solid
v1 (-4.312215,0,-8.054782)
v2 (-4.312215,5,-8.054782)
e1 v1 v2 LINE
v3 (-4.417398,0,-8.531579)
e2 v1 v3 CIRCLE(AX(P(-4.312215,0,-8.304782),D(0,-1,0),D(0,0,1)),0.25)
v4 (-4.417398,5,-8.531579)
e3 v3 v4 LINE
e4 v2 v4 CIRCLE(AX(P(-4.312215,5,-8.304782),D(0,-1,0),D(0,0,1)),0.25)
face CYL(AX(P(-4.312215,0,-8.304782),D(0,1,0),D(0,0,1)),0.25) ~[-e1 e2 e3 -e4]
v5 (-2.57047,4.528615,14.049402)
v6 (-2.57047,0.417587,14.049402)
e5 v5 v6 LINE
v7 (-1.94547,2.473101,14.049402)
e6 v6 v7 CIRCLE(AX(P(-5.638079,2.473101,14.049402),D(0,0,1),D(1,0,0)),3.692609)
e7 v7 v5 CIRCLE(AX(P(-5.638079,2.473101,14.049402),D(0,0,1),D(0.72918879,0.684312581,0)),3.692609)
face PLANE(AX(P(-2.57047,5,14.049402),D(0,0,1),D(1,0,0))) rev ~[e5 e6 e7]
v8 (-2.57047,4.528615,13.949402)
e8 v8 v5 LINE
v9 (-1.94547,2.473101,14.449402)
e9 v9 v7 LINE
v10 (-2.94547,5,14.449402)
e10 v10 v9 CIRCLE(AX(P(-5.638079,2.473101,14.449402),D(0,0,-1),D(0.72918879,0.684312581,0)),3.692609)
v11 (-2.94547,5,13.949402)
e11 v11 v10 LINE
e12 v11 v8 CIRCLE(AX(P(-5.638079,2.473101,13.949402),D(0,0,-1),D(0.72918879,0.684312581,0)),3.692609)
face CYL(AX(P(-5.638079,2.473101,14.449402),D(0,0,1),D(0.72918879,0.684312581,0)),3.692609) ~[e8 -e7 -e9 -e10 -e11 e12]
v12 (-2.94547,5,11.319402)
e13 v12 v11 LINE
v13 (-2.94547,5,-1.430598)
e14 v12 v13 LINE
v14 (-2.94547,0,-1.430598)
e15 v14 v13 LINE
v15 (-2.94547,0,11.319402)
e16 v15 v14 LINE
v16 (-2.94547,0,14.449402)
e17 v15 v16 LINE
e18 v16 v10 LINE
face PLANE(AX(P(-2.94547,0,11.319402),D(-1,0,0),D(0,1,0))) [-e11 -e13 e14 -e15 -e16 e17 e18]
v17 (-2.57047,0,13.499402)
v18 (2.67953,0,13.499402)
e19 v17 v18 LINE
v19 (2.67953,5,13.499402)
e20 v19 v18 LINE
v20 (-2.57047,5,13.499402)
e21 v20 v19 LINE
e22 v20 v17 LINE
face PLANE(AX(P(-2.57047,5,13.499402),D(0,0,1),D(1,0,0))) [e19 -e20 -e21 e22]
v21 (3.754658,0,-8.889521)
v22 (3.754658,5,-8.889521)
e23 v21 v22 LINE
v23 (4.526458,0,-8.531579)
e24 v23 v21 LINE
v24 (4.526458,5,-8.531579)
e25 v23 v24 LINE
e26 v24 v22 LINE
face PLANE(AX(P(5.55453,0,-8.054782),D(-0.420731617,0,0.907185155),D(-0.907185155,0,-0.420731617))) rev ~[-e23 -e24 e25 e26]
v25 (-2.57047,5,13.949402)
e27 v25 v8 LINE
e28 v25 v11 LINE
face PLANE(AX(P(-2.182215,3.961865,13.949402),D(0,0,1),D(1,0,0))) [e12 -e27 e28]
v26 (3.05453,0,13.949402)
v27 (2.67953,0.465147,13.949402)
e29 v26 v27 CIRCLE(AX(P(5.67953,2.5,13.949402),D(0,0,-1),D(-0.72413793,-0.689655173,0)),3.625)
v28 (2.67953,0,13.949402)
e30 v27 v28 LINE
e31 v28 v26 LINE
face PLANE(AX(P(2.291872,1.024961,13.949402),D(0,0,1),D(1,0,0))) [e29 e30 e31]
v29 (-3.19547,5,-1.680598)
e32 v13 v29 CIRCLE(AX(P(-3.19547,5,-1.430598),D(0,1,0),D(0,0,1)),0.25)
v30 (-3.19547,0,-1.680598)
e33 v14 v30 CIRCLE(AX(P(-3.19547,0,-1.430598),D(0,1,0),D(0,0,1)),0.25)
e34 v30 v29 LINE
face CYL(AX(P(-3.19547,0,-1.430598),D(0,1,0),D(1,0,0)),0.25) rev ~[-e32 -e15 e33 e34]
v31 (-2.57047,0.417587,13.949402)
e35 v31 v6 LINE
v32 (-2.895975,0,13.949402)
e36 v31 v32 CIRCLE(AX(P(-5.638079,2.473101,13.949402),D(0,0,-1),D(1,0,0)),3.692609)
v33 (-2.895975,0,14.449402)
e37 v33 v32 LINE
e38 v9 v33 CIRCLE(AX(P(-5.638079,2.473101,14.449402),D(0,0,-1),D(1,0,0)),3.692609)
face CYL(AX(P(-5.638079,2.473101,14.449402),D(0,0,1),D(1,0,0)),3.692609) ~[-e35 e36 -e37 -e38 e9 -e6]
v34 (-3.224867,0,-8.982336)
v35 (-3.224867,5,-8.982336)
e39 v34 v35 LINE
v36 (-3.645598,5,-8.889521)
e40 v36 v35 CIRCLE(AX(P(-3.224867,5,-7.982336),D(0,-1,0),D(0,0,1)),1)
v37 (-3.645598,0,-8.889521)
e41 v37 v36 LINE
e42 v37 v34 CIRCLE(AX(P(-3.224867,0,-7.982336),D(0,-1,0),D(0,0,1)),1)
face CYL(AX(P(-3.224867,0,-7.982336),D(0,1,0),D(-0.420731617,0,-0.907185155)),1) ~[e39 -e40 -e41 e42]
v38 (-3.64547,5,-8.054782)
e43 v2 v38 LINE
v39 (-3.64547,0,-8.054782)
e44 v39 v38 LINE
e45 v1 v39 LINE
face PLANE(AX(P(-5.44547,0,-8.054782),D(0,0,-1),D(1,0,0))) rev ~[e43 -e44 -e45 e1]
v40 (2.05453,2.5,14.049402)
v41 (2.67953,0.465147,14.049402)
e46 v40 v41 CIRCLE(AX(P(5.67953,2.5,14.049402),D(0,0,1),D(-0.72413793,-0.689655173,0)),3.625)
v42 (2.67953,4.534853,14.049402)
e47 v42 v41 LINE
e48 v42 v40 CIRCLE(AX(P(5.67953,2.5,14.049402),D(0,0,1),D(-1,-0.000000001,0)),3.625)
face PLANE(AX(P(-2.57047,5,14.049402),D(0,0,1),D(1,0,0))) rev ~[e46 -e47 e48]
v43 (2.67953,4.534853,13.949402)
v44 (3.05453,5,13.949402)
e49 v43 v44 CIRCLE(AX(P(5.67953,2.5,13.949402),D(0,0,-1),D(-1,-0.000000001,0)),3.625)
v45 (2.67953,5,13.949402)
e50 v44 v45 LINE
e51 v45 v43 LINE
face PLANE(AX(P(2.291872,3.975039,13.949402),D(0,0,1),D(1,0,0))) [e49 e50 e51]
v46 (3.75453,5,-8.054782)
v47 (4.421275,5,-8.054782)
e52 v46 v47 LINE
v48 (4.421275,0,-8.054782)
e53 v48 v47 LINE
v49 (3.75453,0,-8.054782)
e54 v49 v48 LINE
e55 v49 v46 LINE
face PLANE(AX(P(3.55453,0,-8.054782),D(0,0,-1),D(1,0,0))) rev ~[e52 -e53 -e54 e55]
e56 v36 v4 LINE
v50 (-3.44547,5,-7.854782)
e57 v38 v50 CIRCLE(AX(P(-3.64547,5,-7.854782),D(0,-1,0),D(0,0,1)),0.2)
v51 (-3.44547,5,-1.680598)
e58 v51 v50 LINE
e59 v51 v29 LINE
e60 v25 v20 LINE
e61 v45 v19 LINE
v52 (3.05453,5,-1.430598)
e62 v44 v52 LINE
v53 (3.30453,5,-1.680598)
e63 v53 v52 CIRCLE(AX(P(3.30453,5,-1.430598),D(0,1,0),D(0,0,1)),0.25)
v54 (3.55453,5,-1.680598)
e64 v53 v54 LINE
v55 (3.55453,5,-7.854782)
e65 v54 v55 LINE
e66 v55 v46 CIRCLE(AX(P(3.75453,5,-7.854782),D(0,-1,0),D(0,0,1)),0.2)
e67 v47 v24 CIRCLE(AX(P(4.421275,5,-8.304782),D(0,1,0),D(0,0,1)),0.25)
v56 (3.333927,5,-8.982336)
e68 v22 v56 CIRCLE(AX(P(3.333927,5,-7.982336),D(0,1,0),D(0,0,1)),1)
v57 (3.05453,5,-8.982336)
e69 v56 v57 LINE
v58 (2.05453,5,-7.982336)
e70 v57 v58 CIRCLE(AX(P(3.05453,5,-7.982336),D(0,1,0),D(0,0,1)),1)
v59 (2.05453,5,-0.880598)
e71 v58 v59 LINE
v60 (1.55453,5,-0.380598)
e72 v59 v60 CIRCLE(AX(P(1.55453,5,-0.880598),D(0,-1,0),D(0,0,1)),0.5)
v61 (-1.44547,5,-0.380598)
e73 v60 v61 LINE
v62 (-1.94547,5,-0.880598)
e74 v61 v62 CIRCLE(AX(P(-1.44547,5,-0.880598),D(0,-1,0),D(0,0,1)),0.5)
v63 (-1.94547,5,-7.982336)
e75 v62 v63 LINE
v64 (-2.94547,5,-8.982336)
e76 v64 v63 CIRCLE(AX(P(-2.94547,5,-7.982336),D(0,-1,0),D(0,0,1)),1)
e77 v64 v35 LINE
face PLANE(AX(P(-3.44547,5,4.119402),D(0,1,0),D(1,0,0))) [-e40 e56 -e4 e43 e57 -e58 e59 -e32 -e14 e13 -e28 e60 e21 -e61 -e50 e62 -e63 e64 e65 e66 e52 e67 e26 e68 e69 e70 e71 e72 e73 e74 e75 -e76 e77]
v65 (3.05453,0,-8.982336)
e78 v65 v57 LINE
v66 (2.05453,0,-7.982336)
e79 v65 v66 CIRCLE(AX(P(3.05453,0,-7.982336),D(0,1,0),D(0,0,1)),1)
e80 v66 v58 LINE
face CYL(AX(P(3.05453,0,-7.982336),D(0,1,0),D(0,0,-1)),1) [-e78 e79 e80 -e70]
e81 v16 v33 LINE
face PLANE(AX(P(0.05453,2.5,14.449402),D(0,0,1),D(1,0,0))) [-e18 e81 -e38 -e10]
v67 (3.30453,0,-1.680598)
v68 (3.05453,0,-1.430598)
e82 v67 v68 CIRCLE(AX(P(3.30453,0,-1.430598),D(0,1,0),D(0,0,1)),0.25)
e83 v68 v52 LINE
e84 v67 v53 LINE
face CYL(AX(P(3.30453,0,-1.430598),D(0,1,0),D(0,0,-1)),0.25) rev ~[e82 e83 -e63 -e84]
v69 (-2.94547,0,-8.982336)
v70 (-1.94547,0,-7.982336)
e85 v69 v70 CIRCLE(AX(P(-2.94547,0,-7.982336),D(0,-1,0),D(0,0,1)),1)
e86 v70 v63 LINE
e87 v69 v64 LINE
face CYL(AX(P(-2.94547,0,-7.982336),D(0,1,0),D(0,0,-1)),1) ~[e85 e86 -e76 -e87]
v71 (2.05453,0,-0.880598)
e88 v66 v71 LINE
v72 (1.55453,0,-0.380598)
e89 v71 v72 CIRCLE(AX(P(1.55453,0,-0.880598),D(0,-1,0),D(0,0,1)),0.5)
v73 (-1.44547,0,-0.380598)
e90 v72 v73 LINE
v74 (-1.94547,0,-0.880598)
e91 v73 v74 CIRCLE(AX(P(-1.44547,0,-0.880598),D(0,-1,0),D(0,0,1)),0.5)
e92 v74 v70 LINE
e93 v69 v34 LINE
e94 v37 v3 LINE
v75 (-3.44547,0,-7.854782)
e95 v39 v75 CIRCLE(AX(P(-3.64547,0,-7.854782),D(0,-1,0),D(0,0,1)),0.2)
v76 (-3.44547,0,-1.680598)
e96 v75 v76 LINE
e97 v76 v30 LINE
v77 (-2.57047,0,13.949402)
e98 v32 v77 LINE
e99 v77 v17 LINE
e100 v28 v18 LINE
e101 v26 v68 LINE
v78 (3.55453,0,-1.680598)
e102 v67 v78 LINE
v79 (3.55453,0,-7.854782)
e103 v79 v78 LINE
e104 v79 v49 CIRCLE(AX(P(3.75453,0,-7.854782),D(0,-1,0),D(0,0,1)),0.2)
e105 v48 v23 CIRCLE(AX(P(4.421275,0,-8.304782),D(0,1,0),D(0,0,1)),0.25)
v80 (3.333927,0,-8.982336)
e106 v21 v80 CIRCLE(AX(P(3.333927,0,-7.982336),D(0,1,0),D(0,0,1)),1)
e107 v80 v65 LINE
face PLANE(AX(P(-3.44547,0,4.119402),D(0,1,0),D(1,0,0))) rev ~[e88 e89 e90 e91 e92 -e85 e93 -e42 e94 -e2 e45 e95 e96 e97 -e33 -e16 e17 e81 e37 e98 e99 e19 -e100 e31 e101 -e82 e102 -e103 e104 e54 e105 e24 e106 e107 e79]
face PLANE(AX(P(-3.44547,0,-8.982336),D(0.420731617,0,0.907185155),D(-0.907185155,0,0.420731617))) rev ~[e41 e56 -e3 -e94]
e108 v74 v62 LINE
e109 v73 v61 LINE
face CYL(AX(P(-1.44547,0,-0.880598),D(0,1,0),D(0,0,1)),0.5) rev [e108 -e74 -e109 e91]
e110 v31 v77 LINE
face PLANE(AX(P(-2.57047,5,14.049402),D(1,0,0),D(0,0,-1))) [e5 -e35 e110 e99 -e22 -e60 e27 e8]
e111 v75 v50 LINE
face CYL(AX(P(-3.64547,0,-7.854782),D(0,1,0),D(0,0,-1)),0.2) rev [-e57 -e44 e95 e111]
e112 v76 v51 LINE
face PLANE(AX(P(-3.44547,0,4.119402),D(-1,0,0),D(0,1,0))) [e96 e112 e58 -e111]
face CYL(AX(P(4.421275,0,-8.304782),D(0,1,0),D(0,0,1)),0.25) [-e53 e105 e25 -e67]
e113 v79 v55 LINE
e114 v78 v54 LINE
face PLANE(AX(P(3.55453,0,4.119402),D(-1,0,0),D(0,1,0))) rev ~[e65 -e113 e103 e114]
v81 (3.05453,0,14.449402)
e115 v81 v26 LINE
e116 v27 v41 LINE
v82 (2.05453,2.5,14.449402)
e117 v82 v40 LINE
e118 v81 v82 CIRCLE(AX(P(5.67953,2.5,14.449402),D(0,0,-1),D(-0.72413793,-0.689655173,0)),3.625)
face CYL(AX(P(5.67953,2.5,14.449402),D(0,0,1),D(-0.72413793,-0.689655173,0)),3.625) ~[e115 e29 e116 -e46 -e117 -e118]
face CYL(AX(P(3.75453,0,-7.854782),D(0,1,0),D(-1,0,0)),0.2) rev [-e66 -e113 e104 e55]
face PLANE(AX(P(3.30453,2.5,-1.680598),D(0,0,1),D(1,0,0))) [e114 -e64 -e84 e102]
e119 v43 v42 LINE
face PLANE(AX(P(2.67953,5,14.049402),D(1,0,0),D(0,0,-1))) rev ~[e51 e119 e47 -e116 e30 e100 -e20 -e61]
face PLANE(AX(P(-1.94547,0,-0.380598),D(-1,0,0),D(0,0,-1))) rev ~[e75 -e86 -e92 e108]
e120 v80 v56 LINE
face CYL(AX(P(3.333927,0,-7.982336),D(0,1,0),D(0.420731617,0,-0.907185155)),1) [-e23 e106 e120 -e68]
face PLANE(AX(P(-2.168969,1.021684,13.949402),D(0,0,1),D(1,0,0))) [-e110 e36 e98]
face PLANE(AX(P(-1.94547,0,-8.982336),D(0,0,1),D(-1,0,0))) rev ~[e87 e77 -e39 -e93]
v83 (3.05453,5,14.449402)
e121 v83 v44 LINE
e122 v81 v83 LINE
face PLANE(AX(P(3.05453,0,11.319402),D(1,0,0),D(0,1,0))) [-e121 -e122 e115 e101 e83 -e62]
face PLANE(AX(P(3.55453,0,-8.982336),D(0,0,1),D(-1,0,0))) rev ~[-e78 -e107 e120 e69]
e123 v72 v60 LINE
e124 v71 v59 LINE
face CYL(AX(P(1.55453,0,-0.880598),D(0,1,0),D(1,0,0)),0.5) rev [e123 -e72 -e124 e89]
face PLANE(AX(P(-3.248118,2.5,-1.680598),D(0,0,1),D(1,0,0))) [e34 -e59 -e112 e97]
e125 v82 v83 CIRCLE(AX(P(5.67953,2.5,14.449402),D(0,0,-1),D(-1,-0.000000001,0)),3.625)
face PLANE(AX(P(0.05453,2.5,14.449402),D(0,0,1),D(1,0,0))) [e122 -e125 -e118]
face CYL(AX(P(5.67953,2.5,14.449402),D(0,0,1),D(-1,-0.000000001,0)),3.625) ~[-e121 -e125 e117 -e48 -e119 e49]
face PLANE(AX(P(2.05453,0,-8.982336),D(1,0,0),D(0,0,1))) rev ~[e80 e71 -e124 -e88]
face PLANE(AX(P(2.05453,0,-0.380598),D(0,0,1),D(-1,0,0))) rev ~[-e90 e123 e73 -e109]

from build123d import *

# Parameters (mm, degrees)
BOSS_EXTRUDE1_DEPTH = 5
FILLET2_R           = 0.2
FILLET3_R           = 1
FILLET6_R           = 0.5
SKETCH3_W           = 7
SKETCH3_H           = 5
BOSS_EXTRUDE2_DEPTH = 7.2
SKETCH4_W           = 6
SKETCH4_H           = 5
BOSS_EXTRUDE3_DEPTH = 3.13
SKETCH5_W           = 5.25
SKETCH5_H           = 0.55
CUT_EXTRUDE1_DEPTH  = 6
FILLET8_R           = 0.25
SKETCH9_W           = 0.605295755
SKETCH9_H           = 5
CUT_EXTRUDE5_DEPTH  = 13
SKETCH10_W          = 0.5
SKETCH10_H          = 5
CUT_EXTRUDE6_DEPTH  = 13
FILLET16_R          = 0.25
SKETCH12_W          = 4
SKETCH12_H          = 5
CUT_EXTRUDE7_DEPTH  = 0.4
CUT_EXTRUDE8_DEPTH  = 0.5


with BuildPart() as part:
    # Sketch2 → Boss-Extrude1 (new body)
    with BuildSketch(Plane(origin=(0, 0, 0), x_dir=(1, 0, 0), z_dir=(0, 1, 0))):
        Polygon((-3.445470037, -4.119402442), (3.554529963, -4.119402442), (3.554529963, 8.054782302), (5.554529963, 8.054782302), (3.554529963, 8.982336318), (2.054529963, 8.982336318), (2.054529963, 0.380597558), (-1.945470037, 0.380597558), (-1.945470037, 8.982336318), (-3.445470037, 8.982336318), (-5.445470037, 8.054782302), (-3.445470037, 8.054782302), align=None)
    extrude(amount=BOSS_EXTRUDE1_DEPTH)

    # Fillet2
    fillet2_edges = [part.edges().sort_by_distance(p)[0] for p in [
        (-3.445470037, 2.5, -8.054782302),
        (3.554529963, 2.5, -8.054782302),
    ]]
    fillet(fillet2_edges, radius=FILLET2_R)

    # Fillet3
    fillet3_edges = [part.edges().sort_by_distance(p)[0] for p in [
        (-3.445470037, 2.5, -8.982336318),
        (-1.945470037, 2.5, -8.982336318),
        (2.054529963, 2.5, -8.982336318),
        (3.554529963, 2.5, -8.982336318),
    ]]
    fillet(fillet3_edges, radius=FILLET3_R)

    # Fillet6
    fillet6_edges = [part.edges().sort_by_distance(p)[0] for p in [
        (-1.945470037, 2.5, -0.380597558),
        (2.054529963, 2.5, -0.380597558),
    ]]
    fillet(fillet6_edges, radius=FILLET6_R)

    # Sketch3 → Boss-Extrude2 (add)
    with BuildSketch(Plane.XY.offset(4.119402442)):
        with Locations((0.054529963, 2.5)):
            Rectangle(SKETCH3_W, SKETCH3_H)
    extrude(amount=BOSS_EXTRUDE2_DEPTH)

    # Sketch4 → Boss-Extrude3 (add)
    with BuildSketch(Plane.XY.offset(11.319402442)):
        with Locations((0.054529963, 2.5)):
            Rectangle(SKETCH4_W, SKETCH4_H)
    extrude(amount=BOSS_EXTRUDE3_DEPTH)

    # Sketch5 → Cut-Extrude1 (cut)
    with BuildSketch(Plane(origin=(0, 5, 0), x_dir=(1, 0, 0), z_dir=(0, 1, 0))):
        with Locations((0.054529963, -13.774402442)):
            Rectangle(SKETCH5_W, SKETCH5_H)
    extrude(amount=-CUT_EXTRUDE1_DEPTH, mode=Mode.SUBTRACT)

    # Fillet8
    fillet8_edges = [part.edges().sort_by_distance(p)[0] for p in [
        (-5.445470037, 2.5, -8.054782302),
        (5.554529963, 2.5, -8.054782302),
    ]]
    fillet(fillet8_edges, radius=FILLET8_R)

    # Sketch9 → Cut-Extrude5 (cut)
    with BuildSketch(Plane.XY.offset(11.319402442)):
        with Locations((-3.248117915, 2.5)):
            Rectangle(SKETCH9_W, SKETCH9_H)
    extrude(amount=-CUT_EXTRUDE5_DEPTH, mode=Mode.SUBTRACT)

    # Sketch10 → Cut-Extrude6 (cut)
    with BuildSketch(Plane.XY.offset(11.319402442)):
        with Locations((3.304529963, 2.5)):
            Rectangle(SKETCH10_W, SKETCH10_H)
    extrude(amount=-CUT_EXTRUDE6_DEPTH, mode=Mode.SUBTRACT)

    # Fillet16
    fillet16_edges = [part.edges().sort_by_distance(p)[0] for p in [
        (-2.945470037, 2.5, -1.680597558),
        (3.054529963, 2.5, -1.680597558),
    ]]
    fillet(fillet16_edges, radius=FILLET16_R)

    # Sketch12 → Cut-Extrude7 (cut)
    with BuildSketch(Plane.XY.offset(14.449402442)):
        with Locations((0.054529963, 2.5)):
            Rectangle(SKETCH12_W, SKETCH12_H)
    extrude(amount=-CUT_EXTRUDE7_DEPTH, mode=Mode.SUBTRACT)

    # Sketch14 → Cut-Extrude8 (cut)
    with BuildSketch(Plane.XY.offset(14.449402442)):
        with BuildLine():
            Line((-1.945470037, 5), (-2.945470037, 5))
            ThreePointArc((-2.945470037, 5), (-2.204559454, 3.831888923), (-1.945470037, 2.473100986))
            Line((-1.945470037, 2.473100986), (-1.945470037, 5))
        make_face()
        with BuildLine():
            Line((-1.945470037, 0), (-1.945470037, 2.473100986))
            ThreePointArc((-1.945470037, 2.473100986), (-2.191277733, 1.14836624), (-2.895975223, 0))
            Line((-2.895975223, 0), (-1.945470037, 0))
        make_face()
        with BuildLine():
            Line((2.054529963, 0), (3.054529963, 0))
            ThreePointArc((3.054529963, 0), (2.313801958, 1.153708798), (2.054529963, 2.5))
            Line((2.054529963, 2.5), (2.054529963, 0))
        make_face()
        with BuildLine():
            ThreePointArc((2.054529963, 2.5), (2.313801958, 3.846291202), (3.054529963, 5))
            Line((3.054529963, 5), (2.054529963, 5))
            Line((2.054529963, 5), (2.054529963, 2.5))
        make_face()
    extrude(amount=-CUT_EXTRUDE8_DEPTH, mode=Mode.SUBTRACT)


solid = part.part
